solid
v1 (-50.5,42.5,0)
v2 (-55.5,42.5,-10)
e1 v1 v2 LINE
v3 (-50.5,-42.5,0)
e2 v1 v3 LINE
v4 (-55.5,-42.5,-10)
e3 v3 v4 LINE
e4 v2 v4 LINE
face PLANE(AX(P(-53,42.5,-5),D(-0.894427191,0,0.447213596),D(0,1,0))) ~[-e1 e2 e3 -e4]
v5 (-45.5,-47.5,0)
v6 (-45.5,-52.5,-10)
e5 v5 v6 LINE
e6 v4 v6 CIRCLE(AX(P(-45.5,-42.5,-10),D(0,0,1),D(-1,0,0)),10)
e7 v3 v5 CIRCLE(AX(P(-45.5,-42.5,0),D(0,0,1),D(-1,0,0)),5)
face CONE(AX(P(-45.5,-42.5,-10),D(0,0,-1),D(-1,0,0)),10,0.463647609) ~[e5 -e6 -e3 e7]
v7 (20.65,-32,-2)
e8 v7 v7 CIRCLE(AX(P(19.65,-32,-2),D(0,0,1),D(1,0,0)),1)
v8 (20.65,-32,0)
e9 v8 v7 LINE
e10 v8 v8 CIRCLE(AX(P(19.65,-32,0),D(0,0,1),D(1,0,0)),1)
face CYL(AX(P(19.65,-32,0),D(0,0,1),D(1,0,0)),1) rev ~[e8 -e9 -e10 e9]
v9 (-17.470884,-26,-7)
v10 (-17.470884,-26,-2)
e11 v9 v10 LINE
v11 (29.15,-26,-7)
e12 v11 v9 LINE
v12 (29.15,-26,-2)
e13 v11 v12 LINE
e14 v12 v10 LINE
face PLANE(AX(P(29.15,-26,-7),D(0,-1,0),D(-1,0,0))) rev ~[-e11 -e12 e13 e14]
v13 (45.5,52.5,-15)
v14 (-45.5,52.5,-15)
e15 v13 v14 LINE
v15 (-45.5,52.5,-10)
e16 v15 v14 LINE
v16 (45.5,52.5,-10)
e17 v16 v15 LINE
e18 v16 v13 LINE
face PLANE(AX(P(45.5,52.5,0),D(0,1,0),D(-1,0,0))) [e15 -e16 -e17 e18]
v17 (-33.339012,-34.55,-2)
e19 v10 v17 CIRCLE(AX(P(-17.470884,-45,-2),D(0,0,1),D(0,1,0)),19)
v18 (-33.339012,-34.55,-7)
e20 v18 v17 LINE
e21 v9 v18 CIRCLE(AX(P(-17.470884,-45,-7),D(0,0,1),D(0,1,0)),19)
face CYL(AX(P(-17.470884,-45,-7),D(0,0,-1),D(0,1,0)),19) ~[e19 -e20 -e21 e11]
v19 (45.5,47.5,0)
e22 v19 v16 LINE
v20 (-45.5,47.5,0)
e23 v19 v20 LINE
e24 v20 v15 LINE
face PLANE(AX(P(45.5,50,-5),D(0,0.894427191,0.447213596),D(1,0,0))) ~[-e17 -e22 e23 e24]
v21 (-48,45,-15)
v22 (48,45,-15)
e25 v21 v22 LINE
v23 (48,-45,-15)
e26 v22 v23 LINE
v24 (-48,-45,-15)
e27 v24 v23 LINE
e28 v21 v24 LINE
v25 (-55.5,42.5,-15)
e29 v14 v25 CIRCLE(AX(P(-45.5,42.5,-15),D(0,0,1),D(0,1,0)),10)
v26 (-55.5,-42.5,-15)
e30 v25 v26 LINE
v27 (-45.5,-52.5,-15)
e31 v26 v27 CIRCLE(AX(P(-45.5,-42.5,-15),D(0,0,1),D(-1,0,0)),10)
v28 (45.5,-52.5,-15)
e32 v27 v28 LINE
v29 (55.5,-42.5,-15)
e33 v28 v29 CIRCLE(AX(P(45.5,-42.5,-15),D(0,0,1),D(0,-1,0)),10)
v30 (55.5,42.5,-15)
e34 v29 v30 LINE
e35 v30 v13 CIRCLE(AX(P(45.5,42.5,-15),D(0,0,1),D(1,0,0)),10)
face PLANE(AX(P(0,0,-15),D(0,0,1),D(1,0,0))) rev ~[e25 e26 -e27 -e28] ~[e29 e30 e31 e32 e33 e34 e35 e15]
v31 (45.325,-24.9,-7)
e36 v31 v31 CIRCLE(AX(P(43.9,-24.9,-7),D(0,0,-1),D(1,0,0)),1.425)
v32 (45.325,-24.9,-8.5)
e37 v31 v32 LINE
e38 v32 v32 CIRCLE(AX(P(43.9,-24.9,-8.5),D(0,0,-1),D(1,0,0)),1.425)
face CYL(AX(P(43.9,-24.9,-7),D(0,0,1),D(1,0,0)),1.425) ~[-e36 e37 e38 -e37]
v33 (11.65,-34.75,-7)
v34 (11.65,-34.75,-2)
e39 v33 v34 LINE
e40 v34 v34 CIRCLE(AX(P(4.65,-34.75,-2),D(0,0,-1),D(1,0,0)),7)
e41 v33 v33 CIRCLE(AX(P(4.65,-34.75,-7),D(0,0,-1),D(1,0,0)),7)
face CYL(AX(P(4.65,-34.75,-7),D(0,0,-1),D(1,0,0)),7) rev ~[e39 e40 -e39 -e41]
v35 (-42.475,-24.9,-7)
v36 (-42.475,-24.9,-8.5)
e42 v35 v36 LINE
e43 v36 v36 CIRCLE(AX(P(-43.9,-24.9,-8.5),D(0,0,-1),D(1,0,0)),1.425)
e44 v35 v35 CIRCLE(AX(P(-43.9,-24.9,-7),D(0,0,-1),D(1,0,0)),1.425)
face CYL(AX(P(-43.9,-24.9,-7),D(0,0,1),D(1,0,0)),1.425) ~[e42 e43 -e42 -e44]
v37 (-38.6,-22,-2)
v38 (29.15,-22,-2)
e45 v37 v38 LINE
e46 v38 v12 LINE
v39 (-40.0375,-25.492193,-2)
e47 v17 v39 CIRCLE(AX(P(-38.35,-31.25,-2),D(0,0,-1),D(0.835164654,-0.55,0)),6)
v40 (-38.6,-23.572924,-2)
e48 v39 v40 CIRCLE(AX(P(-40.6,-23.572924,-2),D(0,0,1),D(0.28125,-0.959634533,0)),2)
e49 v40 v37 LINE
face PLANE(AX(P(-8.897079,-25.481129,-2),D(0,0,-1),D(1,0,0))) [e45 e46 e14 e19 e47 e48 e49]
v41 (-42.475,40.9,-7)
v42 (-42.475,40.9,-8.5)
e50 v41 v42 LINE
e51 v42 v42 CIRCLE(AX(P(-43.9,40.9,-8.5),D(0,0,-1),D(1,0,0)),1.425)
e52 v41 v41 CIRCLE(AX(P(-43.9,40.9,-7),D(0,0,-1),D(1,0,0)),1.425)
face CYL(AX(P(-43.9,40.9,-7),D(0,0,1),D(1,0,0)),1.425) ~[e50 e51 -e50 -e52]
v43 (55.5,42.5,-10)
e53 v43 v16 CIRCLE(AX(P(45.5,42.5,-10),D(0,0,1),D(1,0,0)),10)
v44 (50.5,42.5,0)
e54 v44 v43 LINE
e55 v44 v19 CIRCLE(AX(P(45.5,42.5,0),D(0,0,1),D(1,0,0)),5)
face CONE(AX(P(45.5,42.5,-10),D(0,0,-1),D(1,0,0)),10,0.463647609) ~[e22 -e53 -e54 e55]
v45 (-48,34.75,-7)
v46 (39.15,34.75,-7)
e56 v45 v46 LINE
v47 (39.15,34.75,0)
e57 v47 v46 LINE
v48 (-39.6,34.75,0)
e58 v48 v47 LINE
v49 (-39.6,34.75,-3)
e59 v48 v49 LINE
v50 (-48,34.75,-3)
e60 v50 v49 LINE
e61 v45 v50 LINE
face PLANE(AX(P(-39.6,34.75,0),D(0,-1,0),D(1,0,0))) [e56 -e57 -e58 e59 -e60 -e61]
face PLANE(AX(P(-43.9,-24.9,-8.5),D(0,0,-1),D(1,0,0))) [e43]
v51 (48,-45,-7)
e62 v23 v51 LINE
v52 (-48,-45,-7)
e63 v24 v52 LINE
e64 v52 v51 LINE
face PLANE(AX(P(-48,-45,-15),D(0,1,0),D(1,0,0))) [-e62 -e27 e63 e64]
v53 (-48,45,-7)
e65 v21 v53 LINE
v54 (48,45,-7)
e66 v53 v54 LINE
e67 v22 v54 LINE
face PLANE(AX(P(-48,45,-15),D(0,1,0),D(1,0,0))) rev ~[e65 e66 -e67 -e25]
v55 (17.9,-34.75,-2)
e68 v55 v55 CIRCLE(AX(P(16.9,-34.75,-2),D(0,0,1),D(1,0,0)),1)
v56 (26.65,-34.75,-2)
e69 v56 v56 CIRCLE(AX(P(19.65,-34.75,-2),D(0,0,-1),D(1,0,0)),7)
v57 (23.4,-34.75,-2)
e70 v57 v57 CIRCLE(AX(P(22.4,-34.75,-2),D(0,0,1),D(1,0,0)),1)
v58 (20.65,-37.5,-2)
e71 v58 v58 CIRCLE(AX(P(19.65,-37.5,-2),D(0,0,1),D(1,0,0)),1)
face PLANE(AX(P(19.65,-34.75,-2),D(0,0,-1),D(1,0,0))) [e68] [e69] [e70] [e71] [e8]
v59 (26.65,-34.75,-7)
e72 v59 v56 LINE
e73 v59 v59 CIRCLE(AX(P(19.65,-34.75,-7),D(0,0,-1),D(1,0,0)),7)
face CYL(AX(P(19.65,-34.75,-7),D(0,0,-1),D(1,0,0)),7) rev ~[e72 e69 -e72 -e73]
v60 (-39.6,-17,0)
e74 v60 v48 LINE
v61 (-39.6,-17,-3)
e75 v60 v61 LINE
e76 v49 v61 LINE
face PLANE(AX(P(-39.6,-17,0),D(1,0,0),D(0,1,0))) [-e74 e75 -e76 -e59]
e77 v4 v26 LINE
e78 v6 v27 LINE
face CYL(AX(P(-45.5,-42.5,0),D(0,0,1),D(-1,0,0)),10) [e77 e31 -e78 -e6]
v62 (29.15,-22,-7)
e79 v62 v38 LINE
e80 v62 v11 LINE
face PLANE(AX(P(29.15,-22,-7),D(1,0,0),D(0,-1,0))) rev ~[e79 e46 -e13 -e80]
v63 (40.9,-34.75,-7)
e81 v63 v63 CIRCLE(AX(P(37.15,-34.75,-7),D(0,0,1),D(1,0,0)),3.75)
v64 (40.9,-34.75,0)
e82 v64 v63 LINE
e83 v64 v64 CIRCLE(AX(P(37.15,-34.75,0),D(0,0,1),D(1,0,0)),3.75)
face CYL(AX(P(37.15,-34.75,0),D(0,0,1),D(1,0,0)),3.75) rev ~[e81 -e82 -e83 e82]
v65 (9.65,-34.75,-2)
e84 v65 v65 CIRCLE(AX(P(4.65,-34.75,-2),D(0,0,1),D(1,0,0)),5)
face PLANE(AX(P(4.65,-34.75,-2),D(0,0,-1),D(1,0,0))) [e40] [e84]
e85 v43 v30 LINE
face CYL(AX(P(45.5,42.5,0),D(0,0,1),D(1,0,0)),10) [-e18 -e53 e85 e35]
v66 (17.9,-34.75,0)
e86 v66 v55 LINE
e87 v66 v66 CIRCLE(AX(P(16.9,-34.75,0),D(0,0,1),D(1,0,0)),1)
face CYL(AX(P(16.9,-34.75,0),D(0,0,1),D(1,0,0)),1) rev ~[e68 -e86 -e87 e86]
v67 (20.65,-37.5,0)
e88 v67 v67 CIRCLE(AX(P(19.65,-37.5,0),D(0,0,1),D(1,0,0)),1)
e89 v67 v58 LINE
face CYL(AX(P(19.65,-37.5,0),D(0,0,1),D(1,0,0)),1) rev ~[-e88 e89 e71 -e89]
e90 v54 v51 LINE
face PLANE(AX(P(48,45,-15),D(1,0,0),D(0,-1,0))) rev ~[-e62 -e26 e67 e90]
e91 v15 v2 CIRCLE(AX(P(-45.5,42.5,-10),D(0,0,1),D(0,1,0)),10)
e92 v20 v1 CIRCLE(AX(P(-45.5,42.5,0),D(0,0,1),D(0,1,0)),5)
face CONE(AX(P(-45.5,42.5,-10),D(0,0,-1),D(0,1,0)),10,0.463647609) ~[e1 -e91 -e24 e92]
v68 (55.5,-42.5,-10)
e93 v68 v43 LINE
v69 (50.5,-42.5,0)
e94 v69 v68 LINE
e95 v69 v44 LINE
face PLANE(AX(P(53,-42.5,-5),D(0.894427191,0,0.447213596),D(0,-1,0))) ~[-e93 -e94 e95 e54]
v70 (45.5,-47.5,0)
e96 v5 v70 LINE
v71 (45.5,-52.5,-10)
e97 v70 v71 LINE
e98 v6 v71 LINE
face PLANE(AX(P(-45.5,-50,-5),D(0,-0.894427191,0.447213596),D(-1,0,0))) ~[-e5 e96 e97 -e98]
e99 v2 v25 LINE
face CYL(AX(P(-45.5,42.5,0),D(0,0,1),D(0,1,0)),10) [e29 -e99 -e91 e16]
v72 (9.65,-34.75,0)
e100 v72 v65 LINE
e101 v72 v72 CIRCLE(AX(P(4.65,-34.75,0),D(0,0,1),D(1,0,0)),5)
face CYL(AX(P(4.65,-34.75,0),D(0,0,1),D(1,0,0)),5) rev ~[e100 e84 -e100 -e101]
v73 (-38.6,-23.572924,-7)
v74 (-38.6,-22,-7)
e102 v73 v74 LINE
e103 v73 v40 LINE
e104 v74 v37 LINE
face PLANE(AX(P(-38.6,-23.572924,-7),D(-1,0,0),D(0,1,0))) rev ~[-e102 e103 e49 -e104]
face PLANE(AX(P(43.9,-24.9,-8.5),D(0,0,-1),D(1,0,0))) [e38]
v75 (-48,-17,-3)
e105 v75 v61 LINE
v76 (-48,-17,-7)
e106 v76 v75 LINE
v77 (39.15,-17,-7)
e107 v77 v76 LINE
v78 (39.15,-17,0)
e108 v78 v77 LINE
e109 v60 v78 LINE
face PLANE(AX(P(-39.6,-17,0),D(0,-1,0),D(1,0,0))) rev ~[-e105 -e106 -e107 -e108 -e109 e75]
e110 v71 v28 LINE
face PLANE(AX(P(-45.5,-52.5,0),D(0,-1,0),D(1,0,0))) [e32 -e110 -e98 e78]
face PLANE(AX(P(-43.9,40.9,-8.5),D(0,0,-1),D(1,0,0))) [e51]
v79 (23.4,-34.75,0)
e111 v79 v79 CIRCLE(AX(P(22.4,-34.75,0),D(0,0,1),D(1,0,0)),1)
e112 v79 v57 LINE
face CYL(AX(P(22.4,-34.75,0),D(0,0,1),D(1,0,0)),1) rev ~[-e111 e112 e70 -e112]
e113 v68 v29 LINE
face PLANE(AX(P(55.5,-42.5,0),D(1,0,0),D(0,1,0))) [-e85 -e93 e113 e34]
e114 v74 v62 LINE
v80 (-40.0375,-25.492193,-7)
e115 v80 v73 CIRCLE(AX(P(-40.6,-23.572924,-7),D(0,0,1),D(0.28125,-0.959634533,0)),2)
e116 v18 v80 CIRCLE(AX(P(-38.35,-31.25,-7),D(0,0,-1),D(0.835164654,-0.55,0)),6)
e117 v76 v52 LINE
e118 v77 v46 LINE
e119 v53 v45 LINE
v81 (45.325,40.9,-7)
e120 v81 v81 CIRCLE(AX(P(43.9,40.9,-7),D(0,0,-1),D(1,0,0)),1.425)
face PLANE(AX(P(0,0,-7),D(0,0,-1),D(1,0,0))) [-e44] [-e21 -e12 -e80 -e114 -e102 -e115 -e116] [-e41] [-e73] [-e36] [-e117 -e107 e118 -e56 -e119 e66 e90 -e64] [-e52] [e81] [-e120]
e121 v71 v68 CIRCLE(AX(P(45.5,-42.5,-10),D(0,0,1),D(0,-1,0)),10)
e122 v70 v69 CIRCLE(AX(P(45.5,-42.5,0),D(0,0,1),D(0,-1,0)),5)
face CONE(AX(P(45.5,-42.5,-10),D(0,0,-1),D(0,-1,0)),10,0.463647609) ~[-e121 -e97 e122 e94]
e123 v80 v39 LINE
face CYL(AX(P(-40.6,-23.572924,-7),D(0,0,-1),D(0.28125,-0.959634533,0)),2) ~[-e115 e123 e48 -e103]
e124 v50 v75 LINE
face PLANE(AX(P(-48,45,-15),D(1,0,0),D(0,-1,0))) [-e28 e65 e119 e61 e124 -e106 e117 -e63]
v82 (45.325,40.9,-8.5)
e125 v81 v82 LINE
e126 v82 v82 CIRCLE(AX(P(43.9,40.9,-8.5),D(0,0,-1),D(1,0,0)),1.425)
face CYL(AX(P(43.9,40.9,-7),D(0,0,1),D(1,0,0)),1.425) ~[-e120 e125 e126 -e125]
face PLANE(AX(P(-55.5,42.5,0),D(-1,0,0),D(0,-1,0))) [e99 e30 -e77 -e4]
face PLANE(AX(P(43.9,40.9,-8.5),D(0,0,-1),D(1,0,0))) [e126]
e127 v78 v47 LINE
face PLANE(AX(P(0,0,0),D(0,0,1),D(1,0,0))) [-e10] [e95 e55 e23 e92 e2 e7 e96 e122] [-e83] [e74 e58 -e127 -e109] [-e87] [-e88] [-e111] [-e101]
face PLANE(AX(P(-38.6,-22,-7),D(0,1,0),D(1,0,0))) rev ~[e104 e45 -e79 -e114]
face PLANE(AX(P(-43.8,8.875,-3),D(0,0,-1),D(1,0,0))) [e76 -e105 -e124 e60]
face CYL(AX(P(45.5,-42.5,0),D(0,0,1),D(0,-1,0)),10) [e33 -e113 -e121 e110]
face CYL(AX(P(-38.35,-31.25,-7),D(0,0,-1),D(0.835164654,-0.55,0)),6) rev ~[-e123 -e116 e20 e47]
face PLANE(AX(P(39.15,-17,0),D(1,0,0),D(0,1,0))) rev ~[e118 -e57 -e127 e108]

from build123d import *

# Parameters (mm, degrees)
F2_DEPTH  = 15
F3_SIZE2  = 10
F3_SIZE   = 5
F4_W      = 78.75
F4_H      = 51.75
F4_R      = 5
F4_R_2    = 3.75
F4_R_3    = 1
F5_DEPTH  = 15.001
F6_W      = 96
F6_H      = 90
F7_DEPTH  = 8
F8_R      = 1.425
F9_DEPTH  = 1.5
F10_W     = 8.4
F10_H     = 51.75
F11_DEPTH = 4
F12_R     = 7
F13_DEPTH = 5
F15_DEPTH = 5


with BuildPart() as f2:
    # F1 (on Top) → F2 (new body)
    with BuildSketch(Plane.XY):
        with BuildLine():
            Line((45.5, 52.5), (-45.5, 52.5))
            ThreePointArc((-45.5, 52.5), (-52.5710678119, 49.5710678119), (-55.5, 42.5))
            Line((-55.5, 42.5), (-55.5, -42.5))
            ThreePointArc((-55.5, -42.5), (-52.5710678119, -49.5710678119), (-45.5, -52.5))
            Line((-45.5, -52.5), (45.5, -52.5))
            ThreePointArc((45.5, -52.5), (52.5710678119, -49.5710678119), (55.5, -42.5))
            Line((55.5, -42.5), (55.5, 42.5))
            ThreePointArc((55.5, 42.5), (52.5710678119, 49.5710678119), (45.5, 52.5))
        make_face()
    extrude(amount=-F2_DEPTH)

    # F3
    f3_edges = [f2.edges().sort_by_distance(p)[0] for p in [
        (-55.5, 0, 0),
    ]]
    f3_side = f2.faces().sort_by_distance((0, 0, 0))[0]
    chamfer(f3_edges, length=F3_SIZE, length2=F3_SIZE2, reference=f3_side)

    # F4 (on Top) → F5 (cut, through all)
    with BuildSketch(Plane.XY):
        with Locations((-0.225, 8.875)):
            Rectangle(F4_W, F4_H)
        with Locations((4.65, -34.75)):
            Circle(F4_R)
        with Locations((37.15, -34.75)):
            Circle(F4_R_2)
        with Locations((16.9, -34.75)):
            Circle(F4_R_3)
        with Locations((19.65, -32)):
            Circle(F4_R_3)
        with Locations((22.4, -34.75)):
            Circle(F4_R_3)
        with Locations((19.65, -37.5)):
            Circle(F4_R_3)
    extrude(amount=-F5_DEPTH, mode=Mode.SUBTRACT)

    # F6 (on face) → F7 (cut)
    with BuildSketch(Plane(origin=(0, 0, -15), x_dir=(1, 0, 0), z_dir=(0, 0, -1))):
        Rectangle(F6_W, F6_H)
    extrude(amount=-F7_DEPTH, mode=Mode.SUBTRACT)

    # F8 (on face) → F9 (join)
    with BuildSketch(Plane(origin=(0, 0, -7), x_dir=(1, 0, 0), z_dir=(0, 0, -1))):
        with Locations((43.9, -40.9)):
            Circle(F8_R)
        with Locations((-43.9, -40.9)):
            Circle(F8_R)
        with Locations((-43.9, 24.9)):
            Circle(F8_R)
        with Locations((43.9, 24.9)):
            Circle(F8_R)
    extrude(amount=F9_DEPTH)

    # F10 (on face) → F11 (cut)
    with BuildSketch(Plane(origin=(0, 0, -7), x_dir=(1, 0, 0), z_dir=(0, 0, -1))):
        with Locations((-43.8, -8.875)):
            Rectangle(F10_W, F10_H)
    extrude(amount=-F11_DEPTH, mode=Mode.SUBTRACT)

    # F12 (on face) → F13 (cut)
    with BuildSketch(Plane(origin=(0, 0, -7), x_dir=(1, 0, 0), z_dir=(0, 0, -1))):
        with Locations((4.65, 34.75)):
            Circle(F12_R)
        with Locations((19.65, 34.75)):
            Circle(F12_R)
    extrude(amount=-F13_DEPTH, mode=Mode.SUBTRACT)

    # F14 (on face) → F15 (cut)
    with BuildSketch(Plane(origin=(0, 0, -7), x_dir=(1, 0, 0), z_dir=(0, 0, -1))):
        with BuildLine():
            Line((-38.6, 22), (29.15, 22))
            Line((29.15, 22), (29.15, 26))
            Line((29.15, 26), (-17.4708836394, 26))
            ThreePointArc((-17.4708836394, 26), (-26.4833749709, 28.2735239814), (-33.3390120735, 34.55))
            ThreePointArc((-33.3390120735, 34.55), (-43.1741435319, 34.8175816996), (-40.0375, 25.4921928002))
            ThreePointArc((-40.0375, 25.4921928002), (-38.9992189406, 24.7718816144), (-38.6, 23.5729237336))
            Line((-38.6, 23.5729237336), (-38.6, 22))
        make_face()
    extrude(amount=-F15_DEPTH, mode=Mode.SUBTRACT)


solid = f2.part
